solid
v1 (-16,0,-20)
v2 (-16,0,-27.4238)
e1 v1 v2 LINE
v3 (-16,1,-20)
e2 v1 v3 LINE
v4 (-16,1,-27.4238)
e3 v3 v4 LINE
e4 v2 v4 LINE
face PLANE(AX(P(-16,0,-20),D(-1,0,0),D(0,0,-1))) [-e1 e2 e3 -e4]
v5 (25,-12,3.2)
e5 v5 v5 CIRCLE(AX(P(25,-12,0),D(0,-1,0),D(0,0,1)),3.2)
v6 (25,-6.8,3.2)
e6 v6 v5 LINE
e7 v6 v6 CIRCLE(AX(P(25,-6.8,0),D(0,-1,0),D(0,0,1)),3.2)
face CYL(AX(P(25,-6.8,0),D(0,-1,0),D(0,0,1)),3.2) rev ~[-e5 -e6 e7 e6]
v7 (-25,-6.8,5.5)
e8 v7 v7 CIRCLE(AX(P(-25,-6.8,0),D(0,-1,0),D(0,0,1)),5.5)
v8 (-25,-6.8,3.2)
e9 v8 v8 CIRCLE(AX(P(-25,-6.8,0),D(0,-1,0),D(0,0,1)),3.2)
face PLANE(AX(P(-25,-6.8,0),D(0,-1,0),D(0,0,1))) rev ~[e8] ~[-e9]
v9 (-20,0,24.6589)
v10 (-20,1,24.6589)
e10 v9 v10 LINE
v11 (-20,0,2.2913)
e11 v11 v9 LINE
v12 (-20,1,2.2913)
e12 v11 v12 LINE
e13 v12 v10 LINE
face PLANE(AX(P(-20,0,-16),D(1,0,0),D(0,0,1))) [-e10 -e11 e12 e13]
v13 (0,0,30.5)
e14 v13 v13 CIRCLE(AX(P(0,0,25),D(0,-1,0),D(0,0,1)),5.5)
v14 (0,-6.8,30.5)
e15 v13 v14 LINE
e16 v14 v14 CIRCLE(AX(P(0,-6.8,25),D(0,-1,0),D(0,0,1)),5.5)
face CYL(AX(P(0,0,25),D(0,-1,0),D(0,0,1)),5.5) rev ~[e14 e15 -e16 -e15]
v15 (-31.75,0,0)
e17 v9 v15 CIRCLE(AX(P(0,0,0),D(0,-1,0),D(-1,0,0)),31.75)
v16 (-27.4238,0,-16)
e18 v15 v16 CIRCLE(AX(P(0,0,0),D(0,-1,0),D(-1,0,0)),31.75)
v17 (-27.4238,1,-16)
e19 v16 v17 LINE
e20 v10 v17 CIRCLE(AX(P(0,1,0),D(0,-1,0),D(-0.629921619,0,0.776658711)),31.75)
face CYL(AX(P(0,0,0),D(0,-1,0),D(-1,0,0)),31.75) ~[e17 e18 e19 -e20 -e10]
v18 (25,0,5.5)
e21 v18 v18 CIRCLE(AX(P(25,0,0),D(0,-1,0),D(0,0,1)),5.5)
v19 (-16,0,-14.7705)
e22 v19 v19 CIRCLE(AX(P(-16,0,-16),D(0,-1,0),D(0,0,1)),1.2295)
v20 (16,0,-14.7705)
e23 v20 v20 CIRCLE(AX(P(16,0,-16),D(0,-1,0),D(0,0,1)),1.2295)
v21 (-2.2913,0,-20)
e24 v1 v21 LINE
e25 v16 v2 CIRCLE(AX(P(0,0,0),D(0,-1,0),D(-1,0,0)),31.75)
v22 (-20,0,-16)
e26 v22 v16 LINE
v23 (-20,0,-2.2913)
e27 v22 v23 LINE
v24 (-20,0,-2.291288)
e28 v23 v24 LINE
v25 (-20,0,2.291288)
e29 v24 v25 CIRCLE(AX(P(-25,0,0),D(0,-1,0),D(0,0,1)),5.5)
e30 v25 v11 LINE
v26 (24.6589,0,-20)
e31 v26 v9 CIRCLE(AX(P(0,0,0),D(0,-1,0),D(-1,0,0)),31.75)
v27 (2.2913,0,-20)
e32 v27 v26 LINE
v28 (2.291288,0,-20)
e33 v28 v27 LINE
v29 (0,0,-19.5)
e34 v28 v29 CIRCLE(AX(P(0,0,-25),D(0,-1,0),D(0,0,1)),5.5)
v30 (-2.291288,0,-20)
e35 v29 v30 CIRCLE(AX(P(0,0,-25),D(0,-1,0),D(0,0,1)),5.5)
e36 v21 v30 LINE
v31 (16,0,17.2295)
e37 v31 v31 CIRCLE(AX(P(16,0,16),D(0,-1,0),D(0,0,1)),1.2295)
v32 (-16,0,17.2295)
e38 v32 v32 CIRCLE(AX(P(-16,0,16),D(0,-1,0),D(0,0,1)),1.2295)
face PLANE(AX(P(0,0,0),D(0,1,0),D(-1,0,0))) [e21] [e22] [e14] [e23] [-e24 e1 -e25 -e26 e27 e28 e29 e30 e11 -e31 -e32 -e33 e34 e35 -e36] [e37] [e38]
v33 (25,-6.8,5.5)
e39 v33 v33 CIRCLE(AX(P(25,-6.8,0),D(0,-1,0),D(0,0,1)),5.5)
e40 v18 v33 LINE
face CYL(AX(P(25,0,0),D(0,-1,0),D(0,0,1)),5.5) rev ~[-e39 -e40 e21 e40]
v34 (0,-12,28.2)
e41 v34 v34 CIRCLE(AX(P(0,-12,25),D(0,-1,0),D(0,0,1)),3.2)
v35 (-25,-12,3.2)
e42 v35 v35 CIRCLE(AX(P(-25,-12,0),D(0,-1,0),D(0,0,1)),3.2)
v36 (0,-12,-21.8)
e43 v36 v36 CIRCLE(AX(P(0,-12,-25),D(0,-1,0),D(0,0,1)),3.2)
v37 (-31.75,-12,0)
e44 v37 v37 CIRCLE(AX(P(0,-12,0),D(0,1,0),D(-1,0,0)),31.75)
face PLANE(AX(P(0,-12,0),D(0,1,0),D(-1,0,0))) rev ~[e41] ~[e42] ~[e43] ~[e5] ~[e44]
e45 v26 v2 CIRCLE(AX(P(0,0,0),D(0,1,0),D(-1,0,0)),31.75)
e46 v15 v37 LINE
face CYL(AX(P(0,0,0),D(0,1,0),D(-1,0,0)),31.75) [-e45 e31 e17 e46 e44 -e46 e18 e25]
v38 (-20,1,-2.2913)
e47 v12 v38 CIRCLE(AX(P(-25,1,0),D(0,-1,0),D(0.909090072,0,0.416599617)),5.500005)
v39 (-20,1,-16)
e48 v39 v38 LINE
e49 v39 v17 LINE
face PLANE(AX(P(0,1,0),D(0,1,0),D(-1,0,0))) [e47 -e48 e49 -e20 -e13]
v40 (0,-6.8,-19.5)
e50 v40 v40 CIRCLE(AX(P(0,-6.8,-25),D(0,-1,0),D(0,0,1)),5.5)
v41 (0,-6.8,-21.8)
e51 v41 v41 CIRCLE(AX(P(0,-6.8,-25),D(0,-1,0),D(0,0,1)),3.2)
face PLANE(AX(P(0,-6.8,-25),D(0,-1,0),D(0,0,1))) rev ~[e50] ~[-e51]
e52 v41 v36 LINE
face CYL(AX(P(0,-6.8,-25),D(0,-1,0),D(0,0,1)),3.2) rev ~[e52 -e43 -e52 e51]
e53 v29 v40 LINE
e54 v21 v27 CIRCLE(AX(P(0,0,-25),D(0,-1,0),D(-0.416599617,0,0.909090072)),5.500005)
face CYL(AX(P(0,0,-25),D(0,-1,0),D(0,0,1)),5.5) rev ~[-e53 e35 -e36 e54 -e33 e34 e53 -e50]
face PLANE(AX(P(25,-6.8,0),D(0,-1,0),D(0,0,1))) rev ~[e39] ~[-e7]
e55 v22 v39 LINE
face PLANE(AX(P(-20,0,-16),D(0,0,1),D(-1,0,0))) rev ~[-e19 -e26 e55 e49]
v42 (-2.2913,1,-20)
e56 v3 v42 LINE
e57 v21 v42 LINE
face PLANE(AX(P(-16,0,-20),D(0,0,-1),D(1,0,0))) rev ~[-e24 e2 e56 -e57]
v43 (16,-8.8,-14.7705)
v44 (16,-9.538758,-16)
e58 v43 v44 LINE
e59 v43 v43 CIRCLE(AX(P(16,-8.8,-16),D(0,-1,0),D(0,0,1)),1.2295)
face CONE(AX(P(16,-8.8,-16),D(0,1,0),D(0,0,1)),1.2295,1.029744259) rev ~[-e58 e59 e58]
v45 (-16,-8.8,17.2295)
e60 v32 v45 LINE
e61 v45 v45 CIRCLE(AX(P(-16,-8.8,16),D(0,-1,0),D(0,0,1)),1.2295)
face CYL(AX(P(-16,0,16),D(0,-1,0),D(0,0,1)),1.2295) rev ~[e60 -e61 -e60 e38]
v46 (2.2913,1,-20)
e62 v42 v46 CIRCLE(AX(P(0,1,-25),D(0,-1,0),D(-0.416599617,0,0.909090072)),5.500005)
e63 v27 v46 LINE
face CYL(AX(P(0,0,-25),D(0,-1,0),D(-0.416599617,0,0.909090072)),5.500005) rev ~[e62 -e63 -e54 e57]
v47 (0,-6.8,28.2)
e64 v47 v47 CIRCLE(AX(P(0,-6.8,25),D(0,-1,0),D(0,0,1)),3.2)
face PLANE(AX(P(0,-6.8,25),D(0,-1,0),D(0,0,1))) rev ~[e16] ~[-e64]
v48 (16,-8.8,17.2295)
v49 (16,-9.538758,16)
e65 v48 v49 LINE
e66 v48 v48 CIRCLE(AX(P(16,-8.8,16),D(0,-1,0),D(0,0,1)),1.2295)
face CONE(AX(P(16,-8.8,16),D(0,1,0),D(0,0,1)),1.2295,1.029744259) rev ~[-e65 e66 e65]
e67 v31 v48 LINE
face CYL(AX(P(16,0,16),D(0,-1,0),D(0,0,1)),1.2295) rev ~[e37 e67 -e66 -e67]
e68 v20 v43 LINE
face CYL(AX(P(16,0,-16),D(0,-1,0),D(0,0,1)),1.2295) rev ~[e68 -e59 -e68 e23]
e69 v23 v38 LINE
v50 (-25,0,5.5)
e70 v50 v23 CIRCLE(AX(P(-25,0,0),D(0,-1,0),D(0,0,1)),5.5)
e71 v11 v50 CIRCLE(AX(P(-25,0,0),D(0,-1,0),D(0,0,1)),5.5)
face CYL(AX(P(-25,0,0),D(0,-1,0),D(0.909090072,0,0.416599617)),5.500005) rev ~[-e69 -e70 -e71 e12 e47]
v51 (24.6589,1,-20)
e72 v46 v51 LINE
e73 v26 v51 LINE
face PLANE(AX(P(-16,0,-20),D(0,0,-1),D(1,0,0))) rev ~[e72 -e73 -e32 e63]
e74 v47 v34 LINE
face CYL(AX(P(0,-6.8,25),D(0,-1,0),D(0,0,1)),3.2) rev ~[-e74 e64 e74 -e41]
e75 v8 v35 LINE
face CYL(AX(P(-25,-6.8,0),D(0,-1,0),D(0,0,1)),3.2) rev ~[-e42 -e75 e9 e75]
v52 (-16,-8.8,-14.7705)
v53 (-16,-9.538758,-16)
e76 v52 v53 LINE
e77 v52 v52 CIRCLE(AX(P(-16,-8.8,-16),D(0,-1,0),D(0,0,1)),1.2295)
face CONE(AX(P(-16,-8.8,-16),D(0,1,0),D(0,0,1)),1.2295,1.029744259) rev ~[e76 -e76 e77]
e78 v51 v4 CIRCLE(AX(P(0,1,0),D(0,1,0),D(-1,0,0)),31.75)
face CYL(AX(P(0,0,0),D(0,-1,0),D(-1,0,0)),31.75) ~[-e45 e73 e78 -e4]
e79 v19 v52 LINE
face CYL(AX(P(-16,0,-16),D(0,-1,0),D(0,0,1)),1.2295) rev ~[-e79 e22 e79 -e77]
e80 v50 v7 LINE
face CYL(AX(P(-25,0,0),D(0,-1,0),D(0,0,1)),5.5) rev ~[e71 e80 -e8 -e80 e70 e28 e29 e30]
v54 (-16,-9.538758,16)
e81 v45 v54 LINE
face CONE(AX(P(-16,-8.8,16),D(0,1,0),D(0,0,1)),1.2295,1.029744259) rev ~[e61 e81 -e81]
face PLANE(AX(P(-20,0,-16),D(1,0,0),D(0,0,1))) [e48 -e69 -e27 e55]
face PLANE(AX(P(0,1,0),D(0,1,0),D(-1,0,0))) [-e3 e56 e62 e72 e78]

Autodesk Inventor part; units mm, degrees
ref_plane "YZ Plane" through (0, 0, 0) normal (1, 0, 0) x (0, 1, 0)
ref_plane "XZ Plane" through (0, 0, 0) normal (0, 1, 0) x (-1, 0, 0)
ref_plane "XY Plane" through (0, 0, 0) normal (0, 0, 1) x (1, 0, 0)
sketch "Sketch1" plane through (0, 0, 0) normal (0, 1, 0) x (-1, 0, 0)
  circle A0 centre (0, 0) radius 25 construction
  line L0 (44.45, 0) -> (-44.45, 0) construction
  line L1 (0, -44.45) -> (0, 44.45) construction
  circle A1 centre (0, 0) radius 31.75
  circle A2 centre (0, 0) radius 16 construction
  line L2 (11.3137, 11.3137) -> (-11.3137, -11.3137) construction
  line L3 (-11.3137, 11.3137) -> (11.3137, -11.3137) construction
  line L4 (-20, 20) -> (20, 20) construction
  line L5 (20, 20) -> (20, -20) construction
  line L6 (20, -20) -> (-20, -20) construction
  line L7 (-20, -20) -> (-20, 20) construction
  line L8 (-20, 20) -> (20, -20) construction
  line L9 (20, 20) -> (-20, -20) construction
  line L10 (16, -20) -> (16, -27.4238)
  line L11 (16, -20) -> (-24.6589, -20)
  line L12 (20, -16) -> (27.4238, -16)
  line L13 (20, -16) -> (20, 24.6589)
  line L14 (16, -16) -> (-16, -16)
  line L15 (-16, -16) -> (-16, 16)
  line L16 (-16, 16) -> (16, 16)
  line L17 (16, 16) -> (16, -16)
  point P0 (0, 25)
  point P1 (25, 0)
  point P2 (0, -25)
  point P3 (-25, 0)
  point P4 (-16, 16)
  dimension "M6ClearancePatternDiameter" = 50
  dimension "diameter" = 63.5
  dimension "M3TappedPatternEdge" = 32
  dimension "d3" = 45
  dimension "d20" = 40
  dimension "d21" = 40
extrude "Extrusion1" add sketch "Sketch1" against normal blind 12 contours A1 L12 L13 | L13 L12 A1 L10 L11 | L11 L10 A1 | L14 L15 L16 L17
extrude "Extrusion3" add sketch "Sketch1" along normal blind 1 contours A1 L12 L13 | L11 L10 A1
hole "M3Tapped" at (-16, 0, -16) at (16, 0, -16) at (16, 0, 16) at (-16, 0, 16) direction (0, -1, 0) diameter 2.459 depth 8.8 tip angle 118 thread size "M3x0.5" class "6H" standard "ISO Metric profile"
hole "Hole4" at (0, 0, 25) at (-25, 0, 0) at (0, 0, -25) at (25, 0, 0) direction (0, -1, 0) diameter 6.4 end through all counterbore diameter 11 counterbore depth 6.8 clearance for "Socket Head Cap Screw ISO 4762" size "M6" standard "ISO"
sketch "Sketch2" plane through (0, 0, 0) normal (0, -1, 0) x (1, 0, 0)
  circle A0 centre (25, 0) radius 5.5 projected
  arc A1 (2.2913, -20) -> (-2.2913, -20) centre (0, -25) ccw projected
  arc A2 (-2.2913, -20) -> (2.2913, -20) centre (0, -25) ccw projected
  circle A3 centre (0, 25) radius 5.5 projected
  line L0 (-20, 24.6589) -> (-20, 2.2913) projected
  line L1 (-20, 2.2913) -> (-20, -2.2913) projected
  line L2 (-20, -2.2913) -> (-20, -16) projected
  line L3 (-20, -16) -> (-27.4238, -16) projected
  line L4 (-16, -27.4238) -> (-16, -20) projected
  line L5 (-16, -20) -> (-2.2913, -20) projected
  line L6 (-2.2913, -20) -> (2.2913, -20) projected
  line L7 (2.2913, -20) -> (24.6589, -20) projected
  arc A4 (-20, -2.2913) -> (-20, 2.2913) centre (-25, 0) ccw projected
  arc A5 (-20, 2.2913) -> (-20, -2.2913) centre (-25, 0) ccw projected
  arc A6 (-27.4238, -16) -> (-16, -27.4238) centre (0, 0) ccw projected
  arc A7 (-16, -27.4238) -> (24.6589, -20) centre (0, 0) ccw projected
  arc A8 (-20, 24.6589) -> (-27.4238, -16) centre (0, 0) ccw projected
  arc A9 (24.6589, -20) -> (-20, 24.6589) centre (0, 0) ccw projected
  circle A10 centre (16, 16) radius 1.2295 projected
  circle A11 centre (-16, -16) radius 1.2295 projected
  circle A12 centre (16, -16) radius 1.2295 projected
  circle A13 centre (-16, 16) radius 1.2295 projected
extrude "Extrusion4" cut sketch "Sketch2" against normal through all contours A2 L6 | L1 A5
equation "\"d21\" = d20"
equation "\"d4\" = thickness"
equation "\"d24\" = recessDepth"
equation "\"d40\" = recessDepth"
equation "\"thickness\" = 12"
equation "\"recessDepth\" = 1"
properties part number "FAB-OX0005"
